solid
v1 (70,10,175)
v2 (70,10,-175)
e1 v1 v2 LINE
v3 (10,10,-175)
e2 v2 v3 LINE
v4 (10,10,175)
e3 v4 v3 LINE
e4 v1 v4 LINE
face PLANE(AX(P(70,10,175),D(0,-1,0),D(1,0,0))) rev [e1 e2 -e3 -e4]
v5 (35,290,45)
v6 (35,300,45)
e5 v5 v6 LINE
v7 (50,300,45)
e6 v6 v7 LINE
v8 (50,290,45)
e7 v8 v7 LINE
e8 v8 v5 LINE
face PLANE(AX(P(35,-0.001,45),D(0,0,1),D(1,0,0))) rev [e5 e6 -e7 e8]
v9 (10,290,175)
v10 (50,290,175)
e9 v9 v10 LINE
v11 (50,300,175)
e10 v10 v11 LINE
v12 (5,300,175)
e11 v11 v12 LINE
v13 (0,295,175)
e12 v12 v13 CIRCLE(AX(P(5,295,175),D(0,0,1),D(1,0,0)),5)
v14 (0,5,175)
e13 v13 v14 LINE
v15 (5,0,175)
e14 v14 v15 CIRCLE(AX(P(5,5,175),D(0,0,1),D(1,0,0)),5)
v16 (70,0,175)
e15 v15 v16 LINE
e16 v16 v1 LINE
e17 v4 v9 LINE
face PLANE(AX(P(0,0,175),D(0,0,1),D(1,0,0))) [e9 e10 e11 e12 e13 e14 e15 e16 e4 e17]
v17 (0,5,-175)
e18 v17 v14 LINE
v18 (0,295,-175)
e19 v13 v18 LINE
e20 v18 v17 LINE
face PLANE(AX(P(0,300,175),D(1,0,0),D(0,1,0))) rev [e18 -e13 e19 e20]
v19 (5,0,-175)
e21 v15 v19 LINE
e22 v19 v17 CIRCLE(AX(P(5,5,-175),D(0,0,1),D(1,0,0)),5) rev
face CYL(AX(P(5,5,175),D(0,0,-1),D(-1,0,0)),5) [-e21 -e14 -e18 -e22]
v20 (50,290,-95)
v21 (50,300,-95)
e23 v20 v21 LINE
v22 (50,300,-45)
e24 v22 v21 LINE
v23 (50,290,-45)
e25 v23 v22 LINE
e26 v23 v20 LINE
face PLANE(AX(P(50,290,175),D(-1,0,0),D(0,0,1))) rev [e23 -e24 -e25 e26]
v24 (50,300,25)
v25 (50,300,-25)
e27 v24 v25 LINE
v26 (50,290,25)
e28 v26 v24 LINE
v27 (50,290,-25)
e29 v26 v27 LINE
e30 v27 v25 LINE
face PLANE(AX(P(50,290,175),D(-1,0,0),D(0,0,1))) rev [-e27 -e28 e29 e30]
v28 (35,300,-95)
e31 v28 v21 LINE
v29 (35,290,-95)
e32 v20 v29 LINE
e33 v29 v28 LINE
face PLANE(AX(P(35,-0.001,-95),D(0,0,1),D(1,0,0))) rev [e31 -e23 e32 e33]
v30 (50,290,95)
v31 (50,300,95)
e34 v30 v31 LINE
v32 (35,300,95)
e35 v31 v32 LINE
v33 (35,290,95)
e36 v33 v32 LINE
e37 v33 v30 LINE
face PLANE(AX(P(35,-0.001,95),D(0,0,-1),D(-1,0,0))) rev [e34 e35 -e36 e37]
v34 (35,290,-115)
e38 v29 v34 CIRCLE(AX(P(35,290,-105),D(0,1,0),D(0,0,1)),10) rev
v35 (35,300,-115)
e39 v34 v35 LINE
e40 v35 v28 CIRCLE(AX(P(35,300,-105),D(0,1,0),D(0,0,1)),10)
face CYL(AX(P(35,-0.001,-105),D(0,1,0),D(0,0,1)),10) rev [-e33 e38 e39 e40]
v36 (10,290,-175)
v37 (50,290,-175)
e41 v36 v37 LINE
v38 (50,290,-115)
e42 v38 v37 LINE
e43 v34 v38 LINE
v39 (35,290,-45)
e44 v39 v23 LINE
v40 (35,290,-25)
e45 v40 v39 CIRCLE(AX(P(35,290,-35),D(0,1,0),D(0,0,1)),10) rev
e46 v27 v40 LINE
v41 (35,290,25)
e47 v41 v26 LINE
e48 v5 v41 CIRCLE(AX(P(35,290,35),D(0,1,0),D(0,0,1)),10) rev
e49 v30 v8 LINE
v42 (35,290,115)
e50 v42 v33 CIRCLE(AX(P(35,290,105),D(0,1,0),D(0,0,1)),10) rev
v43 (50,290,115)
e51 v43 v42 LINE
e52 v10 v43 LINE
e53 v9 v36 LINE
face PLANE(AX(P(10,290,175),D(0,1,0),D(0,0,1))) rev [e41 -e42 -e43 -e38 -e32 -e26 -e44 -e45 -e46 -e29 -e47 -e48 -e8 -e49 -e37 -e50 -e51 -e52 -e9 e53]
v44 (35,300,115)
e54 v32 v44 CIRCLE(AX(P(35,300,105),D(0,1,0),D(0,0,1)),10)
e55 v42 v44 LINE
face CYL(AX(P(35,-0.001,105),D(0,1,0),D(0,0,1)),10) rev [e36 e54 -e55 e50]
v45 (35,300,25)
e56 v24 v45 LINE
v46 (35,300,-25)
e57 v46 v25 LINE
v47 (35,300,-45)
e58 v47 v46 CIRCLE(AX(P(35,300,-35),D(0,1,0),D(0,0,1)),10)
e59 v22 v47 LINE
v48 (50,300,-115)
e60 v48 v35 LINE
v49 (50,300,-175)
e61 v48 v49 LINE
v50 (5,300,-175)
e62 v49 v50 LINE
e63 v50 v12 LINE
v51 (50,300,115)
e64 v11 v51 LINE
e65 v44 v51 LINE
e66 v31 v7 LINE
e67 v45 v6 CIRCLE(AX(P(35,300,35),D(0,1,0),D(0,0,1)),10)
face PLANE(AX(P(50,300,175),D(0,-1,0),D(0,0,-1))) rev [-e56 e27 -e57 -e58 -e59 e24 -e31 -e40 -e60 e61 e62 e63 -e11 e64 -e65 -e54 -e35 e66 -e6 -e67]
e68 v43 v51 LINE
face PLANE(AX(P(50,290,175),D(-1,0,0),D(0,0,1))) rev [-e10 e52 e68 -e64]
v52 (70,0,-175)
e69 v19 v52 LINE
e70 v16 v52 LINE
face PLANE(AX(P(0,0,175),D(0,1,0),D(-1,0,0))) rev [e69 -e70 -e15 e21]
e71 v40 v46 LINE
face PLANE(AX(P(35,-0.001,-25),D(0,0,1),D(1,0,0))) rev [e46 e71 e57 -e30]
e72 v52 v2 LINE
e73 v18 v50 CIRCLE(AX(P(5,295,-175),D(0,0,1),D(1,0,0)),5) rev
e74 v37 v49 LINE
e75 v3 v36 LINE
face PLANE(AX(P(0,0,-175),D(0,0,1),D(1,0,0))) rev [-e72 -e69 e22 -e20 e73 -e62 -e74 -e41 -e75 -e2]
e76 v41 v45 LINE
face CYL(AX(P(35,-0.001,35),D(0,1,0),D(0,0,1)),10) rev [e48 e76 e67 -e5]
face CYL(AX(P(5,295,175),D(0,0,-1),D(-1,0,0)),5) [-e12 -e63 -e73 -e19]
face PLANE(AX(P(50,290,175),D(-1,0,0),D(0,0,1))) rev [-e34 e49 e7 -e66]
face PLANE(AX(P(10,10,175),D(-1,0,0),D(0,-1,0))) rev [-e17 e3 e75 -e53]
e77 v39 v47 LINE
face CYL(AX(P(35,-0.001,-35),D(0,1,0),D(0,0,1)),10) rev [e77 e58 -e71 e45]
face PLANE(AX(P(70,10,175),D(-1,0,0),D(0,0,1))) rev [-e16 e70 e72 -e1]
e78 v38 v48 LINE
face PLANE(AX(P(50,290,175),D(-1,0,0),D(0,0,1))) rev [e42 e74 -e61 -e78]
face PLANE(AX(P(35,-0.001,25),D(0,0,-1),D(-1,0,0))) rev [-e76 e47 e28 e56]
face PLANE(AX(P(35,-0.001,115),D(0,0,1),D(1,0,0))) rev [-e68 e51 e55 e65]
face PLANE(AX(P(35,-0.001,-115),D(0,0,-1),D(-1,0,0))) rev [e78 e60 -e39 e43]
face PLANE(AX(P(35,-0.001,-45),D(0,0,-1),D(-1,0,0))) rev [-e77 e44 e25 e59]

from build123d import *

# Parameters (mm, degrees)
BOSS_EXTRUDE1_DEPTH = 175
CUT_EXTRUDE1_REACH  = 356.295
LPATTERN1_COUNT     = 4
LPATTERN1_PITCH     = 70
FILLET1_R           = 5


with BuildPart() as part:
    # Sketch1 → Boss-Extrude1 (new, symmetric)
    with BuildSketch(Plane.XY):
        Polygon((0, 300), (0, 0), (70, 0), (70, 10), (10, 10), (10, 290), (50, 290), (50, 300), align=None)
    extrude(amount=BOSS_EXTRUDE1_DEPTH, both=True)

    # Sketch2 → Cut-Extrude1 (cut, up to next)
    with BuildSketch(Plane(origin=(0, 300, 0), x_dir=(1, 0, 0), z_dir=(0, 1, 0)), mode=Mode.PRIVATE) as cut_extrude1_sk1:
        with BuildLine():
            Line((35, 115), (50, 115))
            Line((50, 115), (50, 95))
            Line((50, 95), (35, 95))
            ThreePointArc((35, 95), (25, 105), (35, 115))
        make_face()
    cut_extrude1_tool1 = extrude(cut_extrude1_sk1.sketch, amount=-CUT_EXTRUDE1_REACH, mode=Mode.PRIVATE) & part.part
    cut_extrude1 = cut_extrude1_tool1.solids().sort_by_distance((38.464021, 300, -105))[0]
    add(cut_extrude1, mode=Mode.SUBTRACT)

    # LPattern1: Cut-Extrude1 ×4
    with Locations(*[(0, 0, i * LPATTERN1_PITCH) for i in range(1, LPATTERN1_COUNT)]):
        add(cut_extrude1, mode=Mode.SUBTRACT)

    # Fillet1
    fillet1_edges = [part.edges().sort_by_distance(p)[0] for p in [
        (0, 0, 0),
        (0, 300, 0),
    ]]
    fillet(fillet1_edges, radius=FILLET1_R)


solid = part.part
